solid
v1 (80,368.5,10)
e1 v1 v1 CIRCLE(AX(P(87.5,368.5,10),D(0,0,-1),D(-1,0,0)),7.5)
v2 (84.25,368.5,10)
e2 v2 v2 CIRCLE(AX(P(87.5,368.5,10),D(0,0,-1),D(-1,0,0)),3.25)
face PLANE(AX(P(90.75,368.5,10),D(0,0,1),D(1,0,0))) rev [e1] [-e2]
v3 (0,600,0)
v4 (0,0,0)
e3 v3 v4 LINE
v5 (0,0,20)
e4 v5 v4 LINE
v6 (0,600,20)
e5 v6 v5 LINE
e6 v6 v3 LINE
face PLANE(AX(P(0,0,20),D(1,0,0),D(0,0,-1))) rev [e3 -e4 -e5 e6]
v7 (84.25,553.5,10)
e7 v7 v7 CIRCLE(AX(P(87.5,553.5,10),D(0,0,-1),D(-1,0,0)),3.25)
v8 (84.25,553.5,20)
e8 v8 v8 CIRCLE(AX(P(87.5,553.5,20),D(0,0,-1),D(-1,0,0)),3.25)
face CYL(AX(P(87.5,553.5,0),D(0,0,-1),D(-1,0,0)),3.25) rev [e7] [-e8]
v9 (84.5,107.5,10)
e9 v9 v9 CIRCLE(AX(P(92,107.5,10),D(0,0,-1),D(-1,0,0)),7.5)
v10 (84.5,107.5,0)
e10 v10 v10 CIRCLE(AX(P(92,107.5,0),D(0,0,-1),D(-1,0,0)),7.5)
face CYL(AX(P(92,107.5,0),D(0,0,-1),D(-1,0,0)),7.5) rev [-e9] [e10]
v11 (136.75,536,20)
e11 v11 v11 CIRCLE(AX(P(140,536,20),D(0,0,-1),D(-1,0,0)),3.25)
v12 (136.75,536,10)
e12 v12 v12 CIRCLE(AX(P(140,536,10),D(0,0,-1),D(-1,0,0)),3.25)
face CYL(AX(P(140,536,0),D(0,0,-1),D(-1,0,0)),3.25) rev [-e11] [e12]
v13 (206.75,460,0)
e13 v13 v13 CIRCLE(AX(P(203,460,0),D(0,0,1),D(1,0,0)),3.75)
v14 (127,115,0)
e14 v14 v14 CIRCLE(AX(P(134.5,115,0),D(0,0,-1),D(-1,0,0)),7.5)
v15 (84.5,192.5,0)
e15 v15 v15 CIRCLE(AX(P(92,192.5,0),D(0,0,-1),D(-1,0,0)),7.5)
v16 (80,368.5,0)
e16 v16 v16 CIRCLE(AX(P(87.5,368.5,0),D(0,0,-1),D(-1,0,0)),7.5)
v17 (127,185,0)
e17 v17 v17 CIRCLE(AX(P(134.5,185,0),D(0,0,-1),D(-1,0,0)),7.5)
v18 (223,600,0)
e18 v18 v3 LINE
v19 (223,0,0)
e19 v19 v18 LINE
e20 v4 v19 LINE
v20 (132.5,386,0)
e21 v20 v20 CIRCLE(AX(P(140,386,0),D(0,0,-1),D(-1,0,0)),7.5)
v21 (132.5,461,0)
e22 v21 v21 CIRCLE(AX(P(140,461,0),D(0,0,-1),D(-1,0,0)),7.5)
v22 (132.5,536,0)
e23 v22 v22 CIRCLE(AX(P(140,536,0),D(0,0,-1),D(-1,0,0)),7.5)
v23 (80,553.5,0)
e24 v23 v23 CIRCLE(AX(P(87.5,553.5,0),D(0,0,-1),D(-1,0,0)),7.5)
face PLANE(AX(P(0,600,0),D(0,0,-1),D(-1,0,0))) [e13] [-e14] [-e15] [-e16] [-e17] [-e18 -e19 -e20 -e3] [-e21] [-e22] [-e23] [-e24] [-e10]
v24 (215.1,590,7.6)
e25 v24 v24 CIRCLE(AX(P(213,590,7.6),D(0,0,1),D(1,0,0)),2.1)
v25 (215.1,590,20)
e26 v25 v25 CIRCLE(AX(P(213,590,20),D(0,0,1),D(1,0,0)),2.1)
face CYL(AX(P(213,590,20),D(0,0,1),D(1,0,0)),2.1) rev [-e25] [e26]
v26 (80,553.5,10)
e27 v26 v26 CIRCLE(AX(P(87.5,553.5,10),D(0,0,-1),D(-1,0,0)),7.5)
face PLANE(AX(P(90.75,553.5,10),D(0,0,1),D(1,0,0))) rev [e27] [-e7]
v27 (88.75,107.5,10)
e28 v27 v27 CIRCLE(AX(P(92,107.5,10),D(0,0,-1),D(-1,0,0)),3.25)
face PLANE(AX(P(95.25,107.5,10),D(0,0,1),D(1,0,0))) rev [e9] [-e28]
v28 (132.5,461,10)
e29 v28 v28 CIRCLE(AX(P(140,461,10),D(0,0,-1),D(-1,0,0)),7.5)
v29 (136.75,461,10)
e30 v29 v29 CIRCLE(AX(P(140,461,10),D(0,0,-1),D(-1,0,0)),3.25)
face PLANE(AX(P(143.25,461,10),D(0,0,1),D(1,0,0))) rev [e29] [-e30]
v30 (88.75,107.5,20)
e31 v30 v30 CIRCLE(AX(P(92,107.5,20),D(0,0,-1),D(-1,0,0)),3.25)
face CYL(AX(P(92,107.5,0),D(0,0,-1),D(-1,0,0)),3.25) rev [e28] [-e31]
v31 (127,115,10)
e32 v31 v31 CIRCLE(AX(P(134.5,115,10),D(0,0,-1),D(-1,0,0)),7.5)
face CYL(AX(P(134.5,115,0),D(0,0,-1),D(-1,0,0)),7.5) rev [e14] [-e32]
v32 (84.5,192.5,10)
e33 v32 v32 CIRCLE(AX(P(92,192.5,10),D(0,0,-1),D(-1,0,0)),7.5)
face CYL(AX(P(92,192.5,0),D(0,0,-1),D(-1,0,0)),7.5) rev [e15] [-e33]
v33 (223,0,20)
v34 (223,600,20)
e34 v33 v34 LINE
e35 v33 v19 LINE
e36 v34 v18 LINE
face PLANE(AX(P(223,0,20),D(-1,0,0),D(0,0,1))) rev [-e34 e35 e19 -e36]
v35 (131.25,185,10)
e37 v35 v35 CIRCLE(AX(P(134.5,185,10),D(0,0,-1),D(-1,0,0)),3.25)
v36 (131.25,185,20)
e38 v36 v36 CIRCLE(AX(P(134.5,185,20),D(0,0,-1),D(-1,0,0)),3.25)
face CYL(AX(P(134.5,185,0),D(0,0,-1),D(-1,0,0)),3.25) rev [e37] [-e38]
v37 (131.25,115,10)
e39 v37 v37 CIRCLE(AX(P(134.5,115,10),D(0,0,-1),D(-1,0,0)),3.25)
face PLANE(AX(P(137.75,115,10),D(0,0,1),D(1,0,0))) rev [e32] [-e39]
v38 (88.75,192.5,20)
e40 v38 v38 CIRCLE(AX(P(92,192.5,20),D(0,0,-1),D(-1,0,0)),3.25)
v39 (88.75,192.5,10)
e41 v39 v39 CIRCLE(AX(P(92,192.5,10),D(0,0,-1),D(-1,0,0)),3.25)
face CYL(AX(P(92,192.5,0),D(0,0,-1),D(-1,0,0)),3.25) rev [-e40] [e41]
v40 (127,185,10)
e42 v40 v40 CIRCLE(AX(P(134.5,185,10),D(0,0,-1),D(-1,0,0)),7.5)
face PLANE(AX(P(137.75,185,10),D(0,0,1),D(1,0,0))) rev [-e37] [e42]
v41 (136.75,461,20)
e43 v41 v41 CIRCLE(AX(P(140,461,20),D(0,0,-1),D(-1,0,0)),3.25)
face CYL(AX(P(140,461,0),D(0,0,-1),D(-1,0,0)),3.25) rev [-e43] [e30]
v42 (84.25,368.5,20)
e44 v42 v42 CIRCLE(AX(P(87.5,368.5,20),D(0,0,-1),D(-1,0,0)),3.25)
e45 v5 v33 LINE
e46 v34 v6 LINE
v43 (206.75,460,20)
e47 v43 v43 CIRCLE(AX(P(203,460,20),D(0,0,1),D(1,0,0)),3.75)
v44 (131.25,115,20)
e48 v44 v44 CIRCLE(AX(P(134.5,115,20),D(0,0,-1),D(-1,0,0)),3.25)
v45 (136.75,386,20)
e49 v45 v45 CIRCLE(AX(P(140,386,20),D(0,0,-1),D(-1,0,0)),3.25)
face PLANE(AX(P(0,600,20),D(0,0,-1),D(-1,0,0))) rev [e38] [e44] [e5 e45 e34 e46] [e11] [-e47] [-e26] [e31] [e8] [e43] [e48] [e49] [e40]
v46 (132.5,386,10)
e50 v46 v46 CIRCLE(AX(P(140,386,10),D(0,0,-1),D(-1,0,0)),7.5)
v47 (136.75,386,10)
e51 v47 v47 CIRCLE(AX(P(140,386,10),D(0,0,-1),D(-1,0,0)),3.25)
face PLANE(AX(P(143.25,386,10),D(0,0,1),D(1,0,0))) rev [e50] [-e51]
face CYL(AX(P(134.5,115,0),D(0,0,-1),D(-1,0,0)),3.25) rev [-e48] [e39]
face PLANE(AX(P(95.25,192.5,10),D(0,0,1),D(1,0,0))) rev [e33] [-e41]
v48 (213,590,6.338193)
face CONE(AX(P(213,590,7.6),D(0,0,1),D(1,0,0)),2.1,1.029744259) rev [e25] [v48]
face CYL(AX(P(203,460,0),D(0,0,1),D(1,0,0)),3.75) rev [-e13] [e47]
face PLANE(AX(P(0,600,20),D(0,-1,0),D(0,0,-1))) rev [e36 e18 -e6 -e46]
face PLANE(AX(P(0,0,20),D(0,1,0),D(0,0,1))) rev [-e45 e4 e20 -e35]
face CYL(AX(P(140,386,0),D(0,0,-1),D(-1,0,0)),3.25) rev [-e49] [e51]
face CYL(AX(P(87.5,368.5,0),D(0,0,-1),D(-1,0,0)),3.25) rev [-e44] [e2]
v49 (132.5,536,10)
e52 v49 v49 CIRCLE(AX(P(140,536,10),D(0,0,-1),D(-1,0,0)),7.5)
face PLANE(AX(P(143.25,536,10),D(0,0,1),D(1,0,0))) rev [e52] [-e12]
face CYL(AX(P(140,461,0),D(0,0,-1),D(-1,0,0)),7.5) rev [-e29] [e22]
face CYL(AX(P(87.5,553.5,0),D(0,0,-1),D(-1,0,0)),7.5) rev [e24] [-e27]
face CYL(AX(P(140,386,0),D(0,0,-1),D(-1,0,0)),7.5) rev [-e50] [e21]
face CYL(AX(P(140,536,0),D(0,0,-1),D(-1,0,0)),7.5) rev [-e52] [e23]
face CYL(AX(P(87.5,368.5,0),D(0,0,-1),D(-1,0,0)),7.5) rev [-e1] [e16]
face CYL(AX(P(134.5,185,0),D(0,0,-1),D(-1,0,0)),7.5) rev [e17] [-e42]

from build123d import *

# Parameters (mm, degrees)
SKETCH1_W                                           = 223
SKETCH1_H                                           = 600
BOSS_EXTRUDE1_DEPTH                                 = 20
CBORE_FOR_M6_HEX_SOCKET_HEAD_CAP_SCREW1_D           = 6.5
CBORE_FOR_M6_HEX_SOCKET_HEAD_CAP_SCREW1_CBORE_D     = 15
CBORE_FOR_M6_HEX_SOCKET_HEAD_CAP_SCREW1_CBORE_DEPTH = 10
CBORE_FOR_M6_HEX_SOCKET_HEAD_CAP_SCREW2_D           = 6.5
CBORE_FOR_M6_HEX_SOCKET_HEAD_CAP_SCREW2_CBORE_D     = 15
CBORE_FOR_M6_HEX_SOCKET_HEAD_CAP_SCREW2_CBORE_DEPTH = 10
SKETCH6_R                                           = 3.75
CUT_EXTRUDE1_DEPTH                                  = 641.413147898
M5_TAPPED_HOLE1_D                                   = 4.2
M5_TAPPED_HOLE1_DEPTH                               = 12.4
M5_TAPPED_HOLE1_TIP                                 = 1.2618073


with BuildPart() as part:
    # Sketch1 → Boss-Extrude1 (new body)
    with BuildSketch(Plane.XY):
        with Locations((111.5, 300)):
            Rectangle(SKETCH1_W, SKETCH1_H)
    extrude(amount=BOSS_EXTRUDE1_DEPTH)

    # CBORE for M6 Hex Socket Head Cap Screw1 (through all)
    with Locations(Plane(origin=(0, 0, 0), x_dir=(-1, 0, 0), z_dir=(0, 0, -1))):
        with Locations((-134.5, 115), (-134.5, 185), (-92, 107.5), (-92, 192.5)):
            CounterBoreHole(CBORE_FOR_M6_HEX_SOCKET_HEAD_CAP_SCREW1_D / 2, CBORE_FOR_M6_HEX_SOCKET_HEAD_CAP_SCREW1_CBORE_D / 2, CBORE_FOR_M6_HEX_SOCKET_HEAD_CAP_SCREW1_CBORE_DEPTH)

    # CBORE for M6 Hex Socket Head Cap Screw2 (through all)
    with Locations(Plane(origin=(0, 0, 0), x_dir=(-1, 0, 0), z_dir=(0, 0, -1))):
        with Locations((-87.5, 368.5), (-87.5, 553.5), (-140, 386), (-140, 461), (-140, 536)):
            CounterBoreHole(CBORE_FOR_M6_HEX_SOCKET_HEAD_CAP_SCREW2_D / 2, CBORE_FOR_M6_HEX_SOCKET_HEAD_CAP_SCREW2_CBORE_D / 2, CBORE_FOR_M6_HEX_SOCKET_HEAD_CAP_SCREW2_CBORE_DEPTH)

    # Sketch6 → Cut-Extrude1 (cut, through all)
    with BuildSketch(Plane.XY.offset(20)):
        with Locations((203, 460)):
            Circle(SKETCH6_R)
    extrude(amount=-CUT_EXTRUDE1_DEPTH, mode=Mode.SUBTRACT)

    # M5 Tapped Hole1
    with Locations(Plane.XY.offset(20)):
        with Locations((213, 590)):
            Hole(M5_TAPPED_HOLE1_D / 2, depth=M5_TAPPED_HOLE1_DEPTH)
            with Locations((0, 0, -(M5_TAPPED_HOLE1_DEPTH + M5_TAPPED_HOLE1_TIP / 2))):  # 118° drill point
                Cone(0, M5_TAPPED_HOLE1_D / 2, M5_TAPPED_HOLE1_TIP, mode=Mode.SUBTRACT)


solid = part.part
